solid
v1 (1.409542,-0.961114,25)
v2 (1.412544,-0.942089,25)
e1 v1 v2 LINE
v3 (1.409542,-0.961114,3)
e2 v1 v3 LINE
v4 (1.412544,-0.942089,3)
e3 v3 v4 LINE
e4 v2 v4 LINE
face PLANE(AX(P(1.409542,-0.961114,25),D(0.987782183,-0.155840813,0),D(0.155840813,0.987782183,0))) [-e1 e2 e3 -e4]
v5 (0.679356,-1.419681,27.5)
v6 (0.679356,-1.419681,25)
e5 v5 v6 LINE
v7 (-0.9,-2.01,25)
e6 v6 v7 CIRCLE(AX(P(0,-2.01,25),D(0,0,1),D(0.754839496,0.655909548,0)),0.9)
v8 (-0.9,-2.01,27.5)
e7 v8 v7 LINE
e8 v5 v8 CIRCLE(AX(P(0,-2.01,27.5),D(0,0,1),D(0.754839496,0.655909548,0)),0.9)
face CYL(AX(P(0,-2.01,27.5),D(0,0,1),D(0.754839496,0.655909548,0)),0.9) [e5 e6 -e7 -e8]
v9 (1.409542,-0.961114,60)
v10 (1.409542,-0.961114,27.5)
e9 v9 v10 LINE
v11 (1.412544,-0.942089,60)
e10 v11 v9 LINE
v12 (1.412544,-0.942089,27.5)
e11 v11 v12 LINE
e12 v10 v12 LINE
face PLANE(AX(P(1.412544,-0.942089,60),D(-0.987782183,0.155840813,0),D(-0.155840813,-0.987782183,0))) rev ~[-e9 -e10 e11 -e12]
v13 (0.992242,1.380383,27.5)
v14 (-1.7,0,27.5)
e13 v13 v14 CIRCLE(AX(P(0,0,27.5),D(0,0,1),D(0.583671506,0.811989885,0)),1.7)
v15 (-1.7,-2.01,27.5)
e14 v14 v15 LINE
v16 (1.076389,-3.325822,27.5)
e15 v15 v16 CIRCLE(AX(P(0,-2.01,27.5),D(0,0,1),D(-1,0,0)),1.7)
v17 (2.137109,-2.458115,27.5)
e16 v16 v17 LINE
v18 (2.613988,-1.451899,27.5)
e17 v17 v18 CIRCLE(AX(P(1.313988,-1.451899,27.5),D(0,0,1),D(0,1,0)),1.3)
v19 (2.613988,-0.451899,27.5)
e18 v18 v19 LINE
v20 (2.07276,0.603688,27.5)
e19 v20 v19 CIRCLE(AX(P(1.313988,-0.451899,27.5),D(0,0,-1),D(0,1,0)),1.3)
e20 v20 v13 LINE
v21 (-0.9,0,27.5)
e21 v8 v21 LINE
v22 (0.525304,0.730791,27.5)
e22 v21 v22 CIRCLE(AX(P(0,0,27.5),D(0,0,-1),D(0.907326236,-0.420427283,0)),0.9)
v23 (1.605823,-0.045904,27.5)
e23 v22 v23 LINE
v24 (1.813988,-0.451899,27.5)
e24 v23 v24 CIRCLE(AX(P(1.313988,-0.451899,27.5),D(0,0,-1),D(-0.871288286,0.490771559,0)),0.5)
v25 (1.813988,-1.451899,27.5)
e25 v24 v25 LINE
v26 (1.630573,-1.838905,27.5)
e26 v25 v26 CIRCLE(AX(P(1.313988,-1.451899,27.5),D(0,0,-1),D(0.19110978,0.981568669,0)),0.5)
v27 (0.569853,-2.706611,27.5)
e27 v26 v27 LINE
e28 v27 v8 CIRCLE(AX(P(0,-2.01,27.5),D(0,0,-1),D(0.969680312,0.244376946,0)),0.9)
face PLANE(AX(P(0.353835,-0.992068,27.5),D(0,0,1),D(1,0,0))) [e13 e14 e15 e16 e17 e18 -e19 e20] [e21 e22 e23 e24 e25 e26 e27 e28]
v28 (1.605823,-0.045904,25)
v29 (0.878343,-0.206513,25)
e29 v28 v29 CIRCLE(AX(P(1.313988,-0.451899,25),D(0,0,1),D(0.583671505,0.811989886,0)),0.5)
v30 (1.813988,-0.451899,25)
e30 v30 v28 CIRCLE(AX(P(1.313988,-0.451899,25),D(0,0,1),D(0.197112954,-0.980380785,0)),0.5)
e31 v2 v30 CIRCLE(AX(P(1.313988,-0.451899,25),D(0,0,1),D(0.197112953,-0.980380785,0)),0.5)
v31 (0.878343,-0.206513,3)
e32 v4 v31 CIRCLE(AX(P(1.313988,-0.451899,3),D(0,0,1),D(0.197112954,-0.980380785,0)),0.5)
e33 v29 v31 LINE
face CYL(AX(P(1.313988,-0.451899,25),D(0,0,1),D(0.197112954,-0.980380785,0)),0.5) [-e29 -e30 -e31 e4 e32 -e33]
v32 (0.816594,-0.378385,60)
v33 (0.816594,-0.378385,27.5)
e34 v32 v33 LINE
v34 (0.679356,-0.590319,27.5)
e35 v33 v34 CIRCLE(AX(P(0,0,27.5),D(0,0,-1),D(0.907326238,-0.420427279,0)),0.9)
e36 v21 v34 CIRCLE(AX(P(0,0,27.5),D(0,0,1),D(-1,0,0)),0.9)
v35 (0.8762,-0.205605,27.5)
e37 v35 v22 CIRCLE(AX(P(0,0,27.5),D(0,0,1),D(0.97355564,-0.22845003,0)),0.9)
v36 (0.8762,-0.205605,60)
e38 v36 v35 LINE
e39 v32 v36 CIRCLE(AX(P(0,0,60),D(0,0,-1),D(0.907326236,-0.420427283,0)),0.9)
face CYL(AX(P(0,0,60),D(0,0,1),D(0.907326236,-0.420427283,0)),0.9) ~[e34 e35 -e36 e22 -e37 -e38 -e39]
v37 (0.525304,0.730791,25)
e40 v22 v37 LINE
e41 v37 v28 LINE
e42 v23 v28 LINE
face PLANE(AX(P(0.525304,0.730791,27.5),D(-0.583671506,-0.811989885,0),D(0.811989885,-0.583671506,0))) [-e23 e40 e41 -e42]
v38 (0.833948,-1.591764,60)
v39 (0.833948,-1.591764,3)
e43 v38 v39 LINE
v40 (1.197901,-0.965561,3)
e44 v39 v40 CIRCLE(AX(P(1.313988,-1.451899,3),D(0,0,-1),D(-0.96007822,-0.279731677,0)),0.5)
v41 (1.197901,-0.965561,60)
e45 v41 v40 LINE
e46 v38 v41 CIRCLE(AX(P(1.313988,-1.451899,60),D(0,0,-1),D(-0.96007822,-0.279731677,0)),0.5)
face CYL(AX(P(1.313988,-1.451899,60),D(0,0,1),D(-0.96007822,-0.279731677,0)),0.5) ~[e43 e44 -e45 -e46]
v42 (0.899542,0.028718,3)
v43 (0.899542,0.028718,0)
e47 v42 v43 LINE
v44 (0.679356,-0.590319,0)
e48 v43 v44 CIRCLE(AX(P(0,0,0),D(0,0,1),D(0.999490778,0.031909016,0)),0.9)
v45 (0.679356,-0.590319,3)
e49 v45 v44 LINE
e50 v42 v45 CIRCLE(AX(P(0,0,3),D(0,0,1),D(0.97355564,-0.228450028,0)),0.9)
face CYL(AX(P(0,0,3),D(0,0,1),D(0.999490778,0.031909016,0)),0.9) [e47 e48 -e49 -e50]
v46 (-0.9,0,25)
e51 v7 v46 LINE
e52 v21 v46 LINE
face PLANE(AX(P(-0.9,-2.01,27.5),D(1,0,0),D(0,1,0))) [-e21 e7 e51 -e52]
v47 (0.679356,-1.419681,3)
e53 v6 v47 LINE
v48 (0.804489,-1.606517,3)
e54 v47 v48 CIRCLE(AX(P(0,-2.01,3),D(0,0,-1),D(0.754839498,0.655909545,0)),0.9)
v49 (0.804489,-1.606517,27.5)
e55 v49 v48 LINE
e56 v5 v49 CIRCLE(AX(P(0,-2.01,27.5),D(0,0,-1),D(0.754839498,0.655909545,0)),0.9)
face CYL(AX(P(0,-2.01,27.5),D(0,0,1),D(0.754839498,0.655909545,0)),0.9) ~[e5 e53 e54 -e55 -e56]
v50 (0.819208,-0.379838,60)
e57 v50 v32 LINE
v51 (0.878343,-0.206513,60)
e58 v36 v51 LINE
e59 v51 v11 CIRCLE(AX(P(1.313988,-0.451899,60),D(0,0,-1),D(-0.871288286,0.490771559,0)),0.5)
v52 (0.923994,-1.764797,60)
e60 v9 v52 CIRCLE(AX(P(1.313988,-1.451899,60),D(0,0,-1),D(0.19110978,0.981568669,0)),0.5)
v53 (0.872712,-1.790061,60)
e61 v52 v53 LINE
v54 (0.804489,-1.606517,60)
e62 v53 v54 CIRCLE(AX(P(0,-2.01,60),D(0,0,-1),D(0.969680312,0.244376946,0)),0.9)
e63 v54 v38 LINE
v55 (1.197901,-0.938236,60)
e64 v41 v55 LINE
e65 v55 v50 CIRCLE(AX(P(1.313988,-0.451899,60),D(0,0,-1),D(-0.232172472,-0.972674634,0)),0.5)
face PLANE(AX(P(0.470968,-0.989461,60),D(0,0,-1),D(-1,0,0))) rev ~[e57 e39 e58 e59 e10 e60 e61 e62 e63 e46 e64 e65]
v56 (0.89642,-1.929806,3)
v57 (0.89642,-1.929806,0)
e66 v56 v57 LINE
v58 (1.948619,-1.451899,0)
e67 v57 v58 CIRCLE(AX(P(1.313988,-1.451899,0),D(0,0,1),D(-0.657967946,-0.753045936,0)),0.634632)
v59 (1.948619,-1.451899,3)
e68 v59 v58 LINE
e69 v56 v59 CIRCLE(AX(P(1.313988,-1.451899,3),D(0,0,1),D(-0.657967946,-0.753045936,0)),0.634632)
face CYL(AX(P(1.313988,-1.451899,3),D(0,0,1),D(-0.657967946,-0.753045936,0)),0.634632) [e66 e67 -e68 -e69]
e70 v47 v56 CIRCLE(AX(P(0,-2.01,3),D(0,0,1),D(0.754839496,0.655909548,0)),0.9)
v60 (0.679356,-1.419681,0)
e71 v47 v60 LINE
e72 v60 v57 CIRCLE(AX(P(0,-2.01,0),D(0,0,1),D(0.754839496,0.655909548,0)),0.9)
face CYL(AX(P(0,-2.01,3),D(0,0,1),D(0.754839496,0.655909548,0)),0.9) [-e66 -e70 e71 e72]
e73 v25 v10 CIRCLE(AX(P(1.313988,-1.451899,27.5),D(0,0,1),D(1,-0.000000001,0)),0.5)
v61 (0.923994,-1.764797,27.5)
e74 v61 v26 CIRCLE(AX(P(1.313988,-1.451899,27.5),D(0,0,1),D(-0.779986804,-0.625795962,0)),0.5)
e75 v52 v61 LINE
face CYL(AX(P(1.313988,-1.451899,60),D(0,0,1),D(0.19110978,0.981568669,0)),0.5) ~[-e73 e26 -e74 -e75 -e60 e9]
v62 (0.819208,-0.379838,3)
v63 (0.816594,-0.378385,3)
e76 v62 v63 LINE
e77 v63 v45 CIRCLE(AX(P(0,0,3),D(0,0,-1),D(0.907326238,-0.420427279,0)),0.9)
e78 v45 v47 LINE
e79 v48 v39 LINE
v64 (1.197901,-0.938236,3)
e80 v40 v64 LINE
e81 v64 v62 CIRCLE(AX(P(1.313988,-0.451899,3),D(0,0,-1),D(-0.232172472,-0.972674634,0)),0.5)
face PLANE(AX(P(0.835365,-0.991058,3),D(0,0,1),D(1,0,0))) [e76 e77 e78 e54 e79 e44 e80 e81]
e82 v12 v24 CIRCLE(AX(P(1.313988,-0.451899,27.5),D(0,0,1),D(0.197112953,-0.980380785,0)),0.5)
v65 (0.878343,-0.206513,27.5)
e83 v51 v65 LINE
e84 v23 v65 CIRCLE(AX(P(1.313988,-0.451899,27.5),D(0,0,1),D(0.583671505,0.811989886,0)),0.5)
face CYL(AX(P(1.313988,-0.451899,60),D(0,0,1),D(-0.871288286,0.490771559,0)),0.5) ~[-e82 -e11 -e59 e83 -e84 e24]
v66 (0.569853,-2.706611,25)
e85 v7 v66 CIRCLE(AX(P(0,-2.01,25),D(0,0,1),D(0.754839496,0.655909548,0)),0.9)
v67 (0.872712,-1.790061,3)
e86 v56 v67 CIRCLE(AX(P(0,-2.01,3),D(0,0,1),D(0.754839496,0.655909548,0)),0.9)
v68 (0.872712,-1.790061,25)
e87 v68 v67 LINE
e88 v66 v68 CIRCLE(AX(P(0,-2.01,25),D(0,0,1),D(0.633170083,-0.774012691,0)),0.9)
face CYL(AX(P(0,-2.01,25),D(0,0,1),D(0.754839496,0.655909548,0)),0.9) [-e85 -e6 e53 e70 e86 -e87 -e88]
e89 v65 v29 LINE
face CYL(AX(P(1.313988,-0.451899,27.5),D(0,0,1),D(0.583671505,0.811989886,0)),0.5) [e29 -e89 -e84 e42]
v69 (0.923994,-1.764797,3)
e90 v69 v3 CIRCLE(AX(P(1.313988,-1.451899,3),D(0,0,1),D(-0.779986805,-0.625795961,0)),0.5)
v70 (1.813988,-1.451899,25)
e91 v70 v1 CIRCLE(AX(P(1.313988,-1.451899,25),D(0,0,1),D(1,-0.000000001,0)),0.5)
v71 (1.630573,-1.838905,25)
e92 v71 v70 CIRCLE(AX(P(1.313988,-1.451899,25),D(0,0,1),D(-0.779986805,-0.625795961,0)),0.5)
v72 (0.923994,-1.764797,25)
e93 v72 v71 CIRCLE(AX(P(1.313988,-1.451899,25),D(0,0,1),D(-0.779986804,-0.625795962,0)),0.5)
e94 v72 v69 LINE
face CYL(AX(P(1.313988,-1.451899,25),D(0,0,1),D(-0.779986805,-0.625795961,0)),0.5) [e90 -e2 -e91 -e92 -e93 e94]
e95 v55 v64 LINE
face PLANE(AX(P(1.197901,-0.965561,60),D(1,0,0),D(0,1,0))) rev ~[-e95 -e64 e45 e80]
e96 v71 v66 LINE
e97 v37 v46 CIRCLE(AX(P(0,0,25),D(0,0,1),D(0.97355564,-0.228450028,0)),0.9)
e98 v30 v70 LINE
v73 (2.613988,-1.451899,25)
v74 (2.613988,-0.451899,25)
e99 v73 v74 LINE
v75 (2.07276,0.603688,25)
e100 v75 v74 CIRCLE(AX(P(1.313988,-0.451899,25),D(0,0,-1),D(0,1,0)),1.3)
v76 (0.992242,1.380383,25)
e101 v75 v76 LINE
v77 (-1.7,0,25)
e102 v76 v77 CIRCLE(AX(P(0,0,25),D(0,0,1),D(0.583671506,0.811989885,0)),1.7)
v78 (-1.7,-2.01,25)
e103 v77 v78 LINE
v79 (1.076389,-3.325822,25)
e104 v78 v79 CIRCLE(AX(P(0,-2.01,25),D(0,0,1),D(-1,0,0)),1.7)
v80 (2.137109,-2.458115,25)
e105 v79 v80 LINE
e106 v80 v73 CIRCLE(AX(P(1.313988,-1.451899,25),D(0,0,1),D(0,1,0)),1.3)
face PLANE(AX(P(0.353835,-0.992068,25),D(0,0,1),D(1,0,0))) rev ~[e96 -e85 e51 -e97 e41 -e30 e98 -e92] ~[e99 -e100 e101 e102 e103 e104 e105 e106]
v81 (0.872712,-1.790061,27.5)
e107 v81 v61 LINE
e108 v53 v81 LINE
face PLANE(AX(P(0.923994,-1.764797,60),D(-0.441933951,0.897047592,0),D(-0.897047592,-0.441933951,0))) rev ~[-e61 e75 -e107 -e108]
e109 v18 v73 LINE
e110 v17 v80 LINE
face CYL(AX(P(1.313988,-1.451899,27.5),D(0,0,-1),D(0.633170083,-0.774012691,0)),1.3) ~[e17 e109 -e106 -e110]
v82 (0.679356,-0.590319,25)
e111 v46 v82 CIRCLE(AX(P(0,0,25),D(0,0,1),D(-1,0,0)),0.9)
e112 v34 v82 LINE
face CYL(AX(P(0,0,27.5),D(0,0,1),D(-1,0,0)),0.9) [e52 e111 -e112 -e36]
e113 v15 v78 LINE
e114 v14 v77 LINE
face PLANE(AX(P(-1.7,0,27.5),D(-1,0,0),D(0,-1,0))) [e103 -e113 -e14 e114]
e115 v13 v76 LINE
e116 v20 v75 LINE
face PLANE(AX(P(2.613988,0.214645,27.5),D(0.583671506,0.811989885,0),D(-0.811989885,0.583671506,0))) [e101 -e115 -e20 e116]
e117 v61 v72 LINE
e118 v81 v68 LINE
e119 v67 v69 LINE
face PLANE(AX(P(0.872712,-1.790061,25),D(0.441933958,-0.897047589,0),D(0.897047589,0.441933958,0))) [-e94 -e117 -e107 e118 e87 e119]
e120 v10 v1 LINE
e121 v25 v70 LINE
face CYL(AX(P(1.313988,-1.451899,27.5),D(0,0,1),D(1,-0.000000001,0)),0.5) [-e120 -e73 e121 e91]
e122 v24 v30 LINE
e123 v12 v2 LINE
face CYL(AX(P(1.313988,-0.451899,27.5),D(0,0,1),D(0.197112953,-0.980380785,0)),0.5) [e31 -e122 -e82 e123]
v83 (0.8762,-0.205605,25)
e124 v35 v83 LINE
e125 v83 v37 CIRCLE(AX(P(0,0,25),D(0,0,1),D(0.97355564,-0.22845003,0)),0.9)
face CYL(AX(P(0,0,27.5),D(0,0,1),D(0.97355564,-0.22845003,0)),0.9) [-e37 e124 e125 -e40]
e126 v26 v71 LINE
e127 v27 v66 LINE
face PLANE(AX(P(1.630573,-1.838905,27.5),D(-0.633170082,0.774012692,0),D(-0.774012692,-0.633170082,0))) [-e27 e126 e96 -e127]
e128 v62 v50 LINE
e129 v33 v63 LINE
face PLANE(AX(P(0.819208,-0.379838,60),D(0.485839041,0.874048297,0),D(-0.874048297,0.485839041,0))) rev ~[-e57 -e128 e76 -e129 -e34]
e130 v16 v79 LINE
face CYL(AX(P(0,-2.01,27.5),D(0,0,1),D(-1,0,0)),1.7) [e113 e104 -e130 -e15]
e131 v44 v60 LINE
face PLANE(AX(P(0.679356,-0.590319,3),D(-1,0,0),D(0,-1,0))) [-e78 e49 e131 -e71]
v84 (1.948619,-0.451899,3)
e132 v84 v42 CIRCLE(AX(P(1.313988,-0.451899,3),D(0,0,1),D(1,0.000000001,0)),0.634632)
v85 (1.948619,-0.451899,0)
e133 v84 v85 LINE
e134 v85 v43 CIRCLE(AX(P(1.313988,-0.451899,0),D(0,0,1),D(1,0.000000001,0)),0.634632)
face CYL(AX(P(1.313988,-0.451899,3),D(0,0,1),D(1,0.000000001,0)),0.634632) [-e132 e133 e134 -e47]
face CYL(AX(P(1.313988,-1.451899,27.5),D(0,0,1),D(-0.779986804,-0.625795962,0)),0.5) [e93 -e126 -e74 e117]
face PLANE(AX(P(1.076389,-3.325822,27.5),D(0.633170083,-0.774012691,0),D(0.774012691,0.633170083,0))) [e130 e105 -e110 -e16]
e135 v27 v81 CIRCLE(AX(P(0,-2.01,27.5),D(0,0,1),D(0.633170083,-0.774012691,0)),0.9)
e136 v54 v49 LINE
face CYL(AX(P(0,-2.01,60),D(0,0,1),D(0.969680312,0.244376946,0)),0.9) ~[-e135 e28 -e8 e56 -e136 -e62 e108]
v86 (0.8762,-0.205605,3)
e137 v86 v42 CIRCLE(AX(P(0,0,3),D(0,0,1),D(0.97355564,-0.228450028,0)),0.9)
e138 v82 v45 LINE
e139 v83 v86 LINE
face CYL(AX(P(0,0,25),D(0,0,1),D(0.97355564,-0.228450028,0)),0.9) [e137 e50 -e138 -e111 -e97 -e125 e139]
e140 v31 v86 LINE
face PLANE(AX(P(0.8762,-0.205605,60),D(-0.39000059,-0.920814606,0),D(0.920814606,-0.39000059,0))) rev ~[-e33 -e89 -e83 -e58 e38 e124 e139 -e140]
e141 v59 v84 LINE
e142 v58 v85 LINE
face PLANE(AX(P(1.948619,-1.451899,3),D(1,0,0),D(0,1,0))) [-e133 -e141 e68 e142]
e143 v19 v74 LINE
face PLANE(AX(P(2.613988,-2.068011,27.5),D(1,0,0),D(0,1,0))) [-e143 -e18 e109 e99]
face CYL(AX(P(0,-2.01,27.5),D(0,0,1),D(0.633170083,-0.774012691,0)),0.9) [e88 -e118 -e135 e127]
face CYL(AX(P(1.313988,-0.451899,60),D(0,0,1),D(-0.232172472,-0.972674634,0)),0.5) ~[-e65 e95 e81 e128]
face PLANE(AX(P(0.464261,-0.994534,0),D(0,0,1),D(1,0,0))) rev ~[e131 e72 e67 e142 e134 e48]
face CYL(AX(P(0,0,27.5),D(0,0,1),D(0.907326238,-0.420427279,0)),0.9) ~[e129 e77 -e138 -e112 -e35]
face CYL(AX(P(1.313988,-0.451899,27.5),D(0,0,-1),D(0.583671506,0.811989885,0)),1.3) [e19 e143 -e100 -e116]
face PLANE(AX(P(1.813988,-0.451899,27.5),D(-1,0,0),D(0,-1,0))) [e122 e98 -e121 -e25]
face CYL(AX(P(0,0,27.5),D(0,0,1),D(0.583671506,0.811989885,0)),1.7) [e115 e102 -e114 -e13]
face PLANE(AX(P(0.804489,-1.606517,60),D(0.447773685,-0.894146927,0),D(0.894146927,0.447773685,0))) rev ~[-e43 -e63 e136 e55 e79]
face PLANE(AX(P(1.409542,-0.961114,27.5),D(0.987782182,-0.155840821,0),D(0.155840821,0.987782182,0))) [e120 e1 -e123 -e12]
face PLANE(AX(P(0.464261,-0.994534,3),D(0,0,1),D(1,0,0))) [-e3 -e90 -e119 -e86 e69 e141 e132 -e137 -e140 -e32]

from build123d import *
from build123d.topology import SkipClean

# Parameters (mm, degrees)
BOSS_EXTRUDE1_DEPTH = 2.5
BOSS_EXTRUDE2_DEPTH = 22
BOSS_EXTRUDE3_DEPTH = 3
CUT_EXTRUDE1_DEPTH  = 24.5
BOSS_EXTRUDE4_START = 32.5
BOSS_EXTRUDE4_DEPTH = 32.5
FILLET1_R           = 1.3


with BuildPart() as part:
    # Sketch1 → Boss-Extrude1 (new body)
    with BuildSketch(Plane.XY.offset(27.5)):
        with BuildLine():
            Line((-1.7, 0), (-1.7, -2.01))
            ThreePointArc((-1.7, -2.01), (-0.728058535, -3.546206617), (1.076389141, -3.325821575))
            Line((1.076389141, -3.325821575), (2.613987517, -2.068011074))
            Line((2.613987517, -2.068011074), (2.613987517, 0.214645493))
            Line((2.613987517, 0.214645493), (0.99224156, 1.380382804))
            ThreePointArc((0.99224156, 1.380382804), (-0.775625344, 1.512747608), (-1.7, 0))
        make_face()
        with BuildLine():
            Line((0.679355547, -0.590318593), (0.679355547, -1.419681407))
            ThreePointArc((0.679355547, -1.419681407), (-0.315103164, -1.166963823), (-0.9, -2.01))
            Line((-0.9, -2.01), (-0.9, 0))
            ThreePointArc((-0.9, 0), (-0.315103164, -0.843036177), (0.679355547, -0.590318593))
        make_face(mode=Mode.SUBTRACT)
        with BuildLine():
            Line((1.630572559, -1.838904922), (0.569853074, -2.706611422))
            ThreePointArc((0.569853074, -2.706611422), (0.854555431, -2.292373892), (0.872712282, -1.79006075))
            Line((0.872712282, -1.79006075), (0.923994115, -1.764796557))
            ThreePointArc((0.923994115, -1.764796557), (1.261831892, -1.949170927), (1.630572559, -1.838904922))
        make_face(mode=Mode.SUBTRACT)
        with BuildLine():
            Line((0.525304355, 0.730790896), (1.60582327, -0.045903634))
            ThreePointArc((1.60582327, -0.045903634), (1.206195872, 0.036344151), (0.878343375, -0.206512796))
            Line((0.878343375, -0.206512796), (0.876200076, -0.205605026))
            ThreePointArc((0.876200076, -0.205605026), (0.842771024, 0.315811655), (0.525304355, 0.730790896))
        make_face(mode=Mode.SUBTRACT)
        with BuildLine():
            Line((1.813987517, -0.451898576), (1.813987517, -1.451898576))
            ThreePointArc((1.813987517, -1.451898576), (1.699848532, -1.133918581), (1.409542408, -0.961114242))
            Line((1.409542408, -0.961114242), (1.412543995, -0.942088969))
            ThreePointArc((1.412543995, -0.942088969), (1.700819677, -0.768696431), (1.813987517, -0.451898576))
        make_face(mode=Mode.SUBTRACT)
    extrude(amount=-BOSS_EXTRUDE1_DEPTH)

    # Sketch2 → Boss-Extrude2 (add)
    with BuildSketch(Plane(origin=(0, 0, 25), x_dir=(-1, 0, 0), z_dir=(0, 0, -1))):
        with BuildLine():
            Line((-0.872712282, -1.79006075), (-0.923994115, -1.764796557))
            ThreePointArc((-0.923994115, -1.764796557), (-1.741947592, -1.710452584), (-1.409542408, -0.961114242))
            Line((-1.409542408, -0.961114242), (-1.412543995, -0.942088968))
            ThreePointArc((-1.412543995, -0.942088968), (-1.718555312, -0.158087582), (-0.878343375, -0.206512796))
            Line((-0.878343375, -0.206512796), (-0.876200076, -0.205605026))
            ThreePointArc((-0.876200076, -0.205605026), (0.801211243, 0.40995188), (-0.679355547, -0.590318593))
            Line((-0.679355547, -0.590318593), (-0.679355547, -1.419681407))
            ThreePointArc((-0.679355547, -1.419681407), (0.797824448, -2.426504681), (-0.872712282, -1.79006075))
        make_face()
    extrude(amount=BOSS_EXTRUDE2_DEPTH)

    # Sketch3 → Boss-Extrude3 (add)
    with BuildSketch(Plane(origin=(0, 0, 3), x_dir=(-1, 0, 0), z_dir=(0, 0, -1))):
        with BuildLine():
            Line((-0.679355547, -0.590318593), (-0.679355547, -1.419681407))
            ThreePointArc((-0.679355547, -1.419681407), (0.828144816, -2.362386385), (-0.896420024, -1.929805603))
            ThreePointArc((-0.896420024, -1.929805603), (-1.576433756, -2.029721828), (-1.948619488, -1.451898576))
            Line((-1.948619488, -1.451898576), (-1.948619488, -0.451898576))
            ThreePointArc((-1.948619488, -0.451898576), (-1.578314183, 0.125066892), (-0.8995417, 0.028718114))
            ThreePointArc((-0.8995417, 0.028718114), (0.847956803, 0.301611107), (-0.679355547, -0.590318593))
        make_face()
    extrude(amount=BOSS_EXTRUDE3_DEPTH)

    # Sketch4 → Cut-Extrude1 (cut)
    with BuildSketch(Plane.XY.offset(27.5)):
        with BuildLine():
            Line((0.679355547, -0.590318593), (0.679355547, -1.419681407))
            ThreePointArc((0.679355547, -1.419681407), (0.747780209, -1.50917592), (0.804488538, -1.60651742))
            Line((0.804488538, -1.60651742), (0.833948407, -1.591764415))
            ThreePointArc((0.833948407, -1.591764415), (0.881698314, -1.200649606), (1.197901281, -0.965561259))
            Line((1.197901281, -0.965561259), (1.197901281, -0.938235893))
            ThreePointArc((1.197901281, -0.938235893), (0.900174078, -0.732537913), (0.819207563, -0.379837516))
            Line((0.819207563, -0.379837516), (0.816593613, -0.378384554))
            ThreePointArc((0.816593613, -0.378384554), (0.755443566, -0.489188122), (0.679355547, -0.590318593))
        make_face()
    extrude(amount=-CUT_EXTRUDE1_DEPTH, mode=Mode.SUBTRACT)

    # Sketch5 → Boss-Extrude4 (add)
    with SkipClean():  # the faces are left unmerged after this step: merging them gives an invalid solid
        with BuildSketch(Plane.XY.offset(27.5).offset(BOSS_EXTRUDE4_START)):
            with BuildLine():
                Line((0.923994116, -1.764796557), (0.872712282, -1.79006075))
                ThreePointArc((0.872712282, -1.79006075), (-0.84360695, -2.323571865), (0.804488538, -1.60651742))
                Line((0.804488538, -1.60651742), (0.833948407, -1.591764415))
                ThreePointArc((0.833948407, -1.591764415), (0.881698314, -1.200649606), (1.197901281, -0.965561259))
                Line((1.197901281, -0.965561259), (1.197901281, -0.938235893))
                ThreePointArc((1.197901281, -0.938235893), (0.900174078, -0.732537913), (0.819207563, -0.379837516))
                Line((0.819207563, -0.379837516), (0.816593613, -0.378384554))
                ThreePointArc((0.816593613, -0.378384554), (-0.850794223, 0.293511823), (0.876200076, -0.205605026))
                Line((0.876200076, -0.205605026), (0.878343375, -0.206512796))
                ThreePointArc((0.878343375, -0.206512796), (1.718555312, -0.158087582), (1.412543995, -0.942088968))
                Line((1.412543995, -0.942088968), (1.409542408, -0.961114242))
                ThreePointArc((1.409542408, -0.961114242), (1.741947592, -1.710452584), (0.923994116, -1.764796557))
            make_face()
        extrude(amount=-BOSS_EXTRUDE4_DEPTH)

    # Fillet1
    fillet1_edges = [part.edges().sort_by_distance(p)[0] for p in [
        (2.613987517, 0.214645493, 26.25),
        (2.613987517, -2.068011074, 26.25),
    ]]
    fillet(fillet1_edges, radius=FILLET1_R)


solid = part.part
